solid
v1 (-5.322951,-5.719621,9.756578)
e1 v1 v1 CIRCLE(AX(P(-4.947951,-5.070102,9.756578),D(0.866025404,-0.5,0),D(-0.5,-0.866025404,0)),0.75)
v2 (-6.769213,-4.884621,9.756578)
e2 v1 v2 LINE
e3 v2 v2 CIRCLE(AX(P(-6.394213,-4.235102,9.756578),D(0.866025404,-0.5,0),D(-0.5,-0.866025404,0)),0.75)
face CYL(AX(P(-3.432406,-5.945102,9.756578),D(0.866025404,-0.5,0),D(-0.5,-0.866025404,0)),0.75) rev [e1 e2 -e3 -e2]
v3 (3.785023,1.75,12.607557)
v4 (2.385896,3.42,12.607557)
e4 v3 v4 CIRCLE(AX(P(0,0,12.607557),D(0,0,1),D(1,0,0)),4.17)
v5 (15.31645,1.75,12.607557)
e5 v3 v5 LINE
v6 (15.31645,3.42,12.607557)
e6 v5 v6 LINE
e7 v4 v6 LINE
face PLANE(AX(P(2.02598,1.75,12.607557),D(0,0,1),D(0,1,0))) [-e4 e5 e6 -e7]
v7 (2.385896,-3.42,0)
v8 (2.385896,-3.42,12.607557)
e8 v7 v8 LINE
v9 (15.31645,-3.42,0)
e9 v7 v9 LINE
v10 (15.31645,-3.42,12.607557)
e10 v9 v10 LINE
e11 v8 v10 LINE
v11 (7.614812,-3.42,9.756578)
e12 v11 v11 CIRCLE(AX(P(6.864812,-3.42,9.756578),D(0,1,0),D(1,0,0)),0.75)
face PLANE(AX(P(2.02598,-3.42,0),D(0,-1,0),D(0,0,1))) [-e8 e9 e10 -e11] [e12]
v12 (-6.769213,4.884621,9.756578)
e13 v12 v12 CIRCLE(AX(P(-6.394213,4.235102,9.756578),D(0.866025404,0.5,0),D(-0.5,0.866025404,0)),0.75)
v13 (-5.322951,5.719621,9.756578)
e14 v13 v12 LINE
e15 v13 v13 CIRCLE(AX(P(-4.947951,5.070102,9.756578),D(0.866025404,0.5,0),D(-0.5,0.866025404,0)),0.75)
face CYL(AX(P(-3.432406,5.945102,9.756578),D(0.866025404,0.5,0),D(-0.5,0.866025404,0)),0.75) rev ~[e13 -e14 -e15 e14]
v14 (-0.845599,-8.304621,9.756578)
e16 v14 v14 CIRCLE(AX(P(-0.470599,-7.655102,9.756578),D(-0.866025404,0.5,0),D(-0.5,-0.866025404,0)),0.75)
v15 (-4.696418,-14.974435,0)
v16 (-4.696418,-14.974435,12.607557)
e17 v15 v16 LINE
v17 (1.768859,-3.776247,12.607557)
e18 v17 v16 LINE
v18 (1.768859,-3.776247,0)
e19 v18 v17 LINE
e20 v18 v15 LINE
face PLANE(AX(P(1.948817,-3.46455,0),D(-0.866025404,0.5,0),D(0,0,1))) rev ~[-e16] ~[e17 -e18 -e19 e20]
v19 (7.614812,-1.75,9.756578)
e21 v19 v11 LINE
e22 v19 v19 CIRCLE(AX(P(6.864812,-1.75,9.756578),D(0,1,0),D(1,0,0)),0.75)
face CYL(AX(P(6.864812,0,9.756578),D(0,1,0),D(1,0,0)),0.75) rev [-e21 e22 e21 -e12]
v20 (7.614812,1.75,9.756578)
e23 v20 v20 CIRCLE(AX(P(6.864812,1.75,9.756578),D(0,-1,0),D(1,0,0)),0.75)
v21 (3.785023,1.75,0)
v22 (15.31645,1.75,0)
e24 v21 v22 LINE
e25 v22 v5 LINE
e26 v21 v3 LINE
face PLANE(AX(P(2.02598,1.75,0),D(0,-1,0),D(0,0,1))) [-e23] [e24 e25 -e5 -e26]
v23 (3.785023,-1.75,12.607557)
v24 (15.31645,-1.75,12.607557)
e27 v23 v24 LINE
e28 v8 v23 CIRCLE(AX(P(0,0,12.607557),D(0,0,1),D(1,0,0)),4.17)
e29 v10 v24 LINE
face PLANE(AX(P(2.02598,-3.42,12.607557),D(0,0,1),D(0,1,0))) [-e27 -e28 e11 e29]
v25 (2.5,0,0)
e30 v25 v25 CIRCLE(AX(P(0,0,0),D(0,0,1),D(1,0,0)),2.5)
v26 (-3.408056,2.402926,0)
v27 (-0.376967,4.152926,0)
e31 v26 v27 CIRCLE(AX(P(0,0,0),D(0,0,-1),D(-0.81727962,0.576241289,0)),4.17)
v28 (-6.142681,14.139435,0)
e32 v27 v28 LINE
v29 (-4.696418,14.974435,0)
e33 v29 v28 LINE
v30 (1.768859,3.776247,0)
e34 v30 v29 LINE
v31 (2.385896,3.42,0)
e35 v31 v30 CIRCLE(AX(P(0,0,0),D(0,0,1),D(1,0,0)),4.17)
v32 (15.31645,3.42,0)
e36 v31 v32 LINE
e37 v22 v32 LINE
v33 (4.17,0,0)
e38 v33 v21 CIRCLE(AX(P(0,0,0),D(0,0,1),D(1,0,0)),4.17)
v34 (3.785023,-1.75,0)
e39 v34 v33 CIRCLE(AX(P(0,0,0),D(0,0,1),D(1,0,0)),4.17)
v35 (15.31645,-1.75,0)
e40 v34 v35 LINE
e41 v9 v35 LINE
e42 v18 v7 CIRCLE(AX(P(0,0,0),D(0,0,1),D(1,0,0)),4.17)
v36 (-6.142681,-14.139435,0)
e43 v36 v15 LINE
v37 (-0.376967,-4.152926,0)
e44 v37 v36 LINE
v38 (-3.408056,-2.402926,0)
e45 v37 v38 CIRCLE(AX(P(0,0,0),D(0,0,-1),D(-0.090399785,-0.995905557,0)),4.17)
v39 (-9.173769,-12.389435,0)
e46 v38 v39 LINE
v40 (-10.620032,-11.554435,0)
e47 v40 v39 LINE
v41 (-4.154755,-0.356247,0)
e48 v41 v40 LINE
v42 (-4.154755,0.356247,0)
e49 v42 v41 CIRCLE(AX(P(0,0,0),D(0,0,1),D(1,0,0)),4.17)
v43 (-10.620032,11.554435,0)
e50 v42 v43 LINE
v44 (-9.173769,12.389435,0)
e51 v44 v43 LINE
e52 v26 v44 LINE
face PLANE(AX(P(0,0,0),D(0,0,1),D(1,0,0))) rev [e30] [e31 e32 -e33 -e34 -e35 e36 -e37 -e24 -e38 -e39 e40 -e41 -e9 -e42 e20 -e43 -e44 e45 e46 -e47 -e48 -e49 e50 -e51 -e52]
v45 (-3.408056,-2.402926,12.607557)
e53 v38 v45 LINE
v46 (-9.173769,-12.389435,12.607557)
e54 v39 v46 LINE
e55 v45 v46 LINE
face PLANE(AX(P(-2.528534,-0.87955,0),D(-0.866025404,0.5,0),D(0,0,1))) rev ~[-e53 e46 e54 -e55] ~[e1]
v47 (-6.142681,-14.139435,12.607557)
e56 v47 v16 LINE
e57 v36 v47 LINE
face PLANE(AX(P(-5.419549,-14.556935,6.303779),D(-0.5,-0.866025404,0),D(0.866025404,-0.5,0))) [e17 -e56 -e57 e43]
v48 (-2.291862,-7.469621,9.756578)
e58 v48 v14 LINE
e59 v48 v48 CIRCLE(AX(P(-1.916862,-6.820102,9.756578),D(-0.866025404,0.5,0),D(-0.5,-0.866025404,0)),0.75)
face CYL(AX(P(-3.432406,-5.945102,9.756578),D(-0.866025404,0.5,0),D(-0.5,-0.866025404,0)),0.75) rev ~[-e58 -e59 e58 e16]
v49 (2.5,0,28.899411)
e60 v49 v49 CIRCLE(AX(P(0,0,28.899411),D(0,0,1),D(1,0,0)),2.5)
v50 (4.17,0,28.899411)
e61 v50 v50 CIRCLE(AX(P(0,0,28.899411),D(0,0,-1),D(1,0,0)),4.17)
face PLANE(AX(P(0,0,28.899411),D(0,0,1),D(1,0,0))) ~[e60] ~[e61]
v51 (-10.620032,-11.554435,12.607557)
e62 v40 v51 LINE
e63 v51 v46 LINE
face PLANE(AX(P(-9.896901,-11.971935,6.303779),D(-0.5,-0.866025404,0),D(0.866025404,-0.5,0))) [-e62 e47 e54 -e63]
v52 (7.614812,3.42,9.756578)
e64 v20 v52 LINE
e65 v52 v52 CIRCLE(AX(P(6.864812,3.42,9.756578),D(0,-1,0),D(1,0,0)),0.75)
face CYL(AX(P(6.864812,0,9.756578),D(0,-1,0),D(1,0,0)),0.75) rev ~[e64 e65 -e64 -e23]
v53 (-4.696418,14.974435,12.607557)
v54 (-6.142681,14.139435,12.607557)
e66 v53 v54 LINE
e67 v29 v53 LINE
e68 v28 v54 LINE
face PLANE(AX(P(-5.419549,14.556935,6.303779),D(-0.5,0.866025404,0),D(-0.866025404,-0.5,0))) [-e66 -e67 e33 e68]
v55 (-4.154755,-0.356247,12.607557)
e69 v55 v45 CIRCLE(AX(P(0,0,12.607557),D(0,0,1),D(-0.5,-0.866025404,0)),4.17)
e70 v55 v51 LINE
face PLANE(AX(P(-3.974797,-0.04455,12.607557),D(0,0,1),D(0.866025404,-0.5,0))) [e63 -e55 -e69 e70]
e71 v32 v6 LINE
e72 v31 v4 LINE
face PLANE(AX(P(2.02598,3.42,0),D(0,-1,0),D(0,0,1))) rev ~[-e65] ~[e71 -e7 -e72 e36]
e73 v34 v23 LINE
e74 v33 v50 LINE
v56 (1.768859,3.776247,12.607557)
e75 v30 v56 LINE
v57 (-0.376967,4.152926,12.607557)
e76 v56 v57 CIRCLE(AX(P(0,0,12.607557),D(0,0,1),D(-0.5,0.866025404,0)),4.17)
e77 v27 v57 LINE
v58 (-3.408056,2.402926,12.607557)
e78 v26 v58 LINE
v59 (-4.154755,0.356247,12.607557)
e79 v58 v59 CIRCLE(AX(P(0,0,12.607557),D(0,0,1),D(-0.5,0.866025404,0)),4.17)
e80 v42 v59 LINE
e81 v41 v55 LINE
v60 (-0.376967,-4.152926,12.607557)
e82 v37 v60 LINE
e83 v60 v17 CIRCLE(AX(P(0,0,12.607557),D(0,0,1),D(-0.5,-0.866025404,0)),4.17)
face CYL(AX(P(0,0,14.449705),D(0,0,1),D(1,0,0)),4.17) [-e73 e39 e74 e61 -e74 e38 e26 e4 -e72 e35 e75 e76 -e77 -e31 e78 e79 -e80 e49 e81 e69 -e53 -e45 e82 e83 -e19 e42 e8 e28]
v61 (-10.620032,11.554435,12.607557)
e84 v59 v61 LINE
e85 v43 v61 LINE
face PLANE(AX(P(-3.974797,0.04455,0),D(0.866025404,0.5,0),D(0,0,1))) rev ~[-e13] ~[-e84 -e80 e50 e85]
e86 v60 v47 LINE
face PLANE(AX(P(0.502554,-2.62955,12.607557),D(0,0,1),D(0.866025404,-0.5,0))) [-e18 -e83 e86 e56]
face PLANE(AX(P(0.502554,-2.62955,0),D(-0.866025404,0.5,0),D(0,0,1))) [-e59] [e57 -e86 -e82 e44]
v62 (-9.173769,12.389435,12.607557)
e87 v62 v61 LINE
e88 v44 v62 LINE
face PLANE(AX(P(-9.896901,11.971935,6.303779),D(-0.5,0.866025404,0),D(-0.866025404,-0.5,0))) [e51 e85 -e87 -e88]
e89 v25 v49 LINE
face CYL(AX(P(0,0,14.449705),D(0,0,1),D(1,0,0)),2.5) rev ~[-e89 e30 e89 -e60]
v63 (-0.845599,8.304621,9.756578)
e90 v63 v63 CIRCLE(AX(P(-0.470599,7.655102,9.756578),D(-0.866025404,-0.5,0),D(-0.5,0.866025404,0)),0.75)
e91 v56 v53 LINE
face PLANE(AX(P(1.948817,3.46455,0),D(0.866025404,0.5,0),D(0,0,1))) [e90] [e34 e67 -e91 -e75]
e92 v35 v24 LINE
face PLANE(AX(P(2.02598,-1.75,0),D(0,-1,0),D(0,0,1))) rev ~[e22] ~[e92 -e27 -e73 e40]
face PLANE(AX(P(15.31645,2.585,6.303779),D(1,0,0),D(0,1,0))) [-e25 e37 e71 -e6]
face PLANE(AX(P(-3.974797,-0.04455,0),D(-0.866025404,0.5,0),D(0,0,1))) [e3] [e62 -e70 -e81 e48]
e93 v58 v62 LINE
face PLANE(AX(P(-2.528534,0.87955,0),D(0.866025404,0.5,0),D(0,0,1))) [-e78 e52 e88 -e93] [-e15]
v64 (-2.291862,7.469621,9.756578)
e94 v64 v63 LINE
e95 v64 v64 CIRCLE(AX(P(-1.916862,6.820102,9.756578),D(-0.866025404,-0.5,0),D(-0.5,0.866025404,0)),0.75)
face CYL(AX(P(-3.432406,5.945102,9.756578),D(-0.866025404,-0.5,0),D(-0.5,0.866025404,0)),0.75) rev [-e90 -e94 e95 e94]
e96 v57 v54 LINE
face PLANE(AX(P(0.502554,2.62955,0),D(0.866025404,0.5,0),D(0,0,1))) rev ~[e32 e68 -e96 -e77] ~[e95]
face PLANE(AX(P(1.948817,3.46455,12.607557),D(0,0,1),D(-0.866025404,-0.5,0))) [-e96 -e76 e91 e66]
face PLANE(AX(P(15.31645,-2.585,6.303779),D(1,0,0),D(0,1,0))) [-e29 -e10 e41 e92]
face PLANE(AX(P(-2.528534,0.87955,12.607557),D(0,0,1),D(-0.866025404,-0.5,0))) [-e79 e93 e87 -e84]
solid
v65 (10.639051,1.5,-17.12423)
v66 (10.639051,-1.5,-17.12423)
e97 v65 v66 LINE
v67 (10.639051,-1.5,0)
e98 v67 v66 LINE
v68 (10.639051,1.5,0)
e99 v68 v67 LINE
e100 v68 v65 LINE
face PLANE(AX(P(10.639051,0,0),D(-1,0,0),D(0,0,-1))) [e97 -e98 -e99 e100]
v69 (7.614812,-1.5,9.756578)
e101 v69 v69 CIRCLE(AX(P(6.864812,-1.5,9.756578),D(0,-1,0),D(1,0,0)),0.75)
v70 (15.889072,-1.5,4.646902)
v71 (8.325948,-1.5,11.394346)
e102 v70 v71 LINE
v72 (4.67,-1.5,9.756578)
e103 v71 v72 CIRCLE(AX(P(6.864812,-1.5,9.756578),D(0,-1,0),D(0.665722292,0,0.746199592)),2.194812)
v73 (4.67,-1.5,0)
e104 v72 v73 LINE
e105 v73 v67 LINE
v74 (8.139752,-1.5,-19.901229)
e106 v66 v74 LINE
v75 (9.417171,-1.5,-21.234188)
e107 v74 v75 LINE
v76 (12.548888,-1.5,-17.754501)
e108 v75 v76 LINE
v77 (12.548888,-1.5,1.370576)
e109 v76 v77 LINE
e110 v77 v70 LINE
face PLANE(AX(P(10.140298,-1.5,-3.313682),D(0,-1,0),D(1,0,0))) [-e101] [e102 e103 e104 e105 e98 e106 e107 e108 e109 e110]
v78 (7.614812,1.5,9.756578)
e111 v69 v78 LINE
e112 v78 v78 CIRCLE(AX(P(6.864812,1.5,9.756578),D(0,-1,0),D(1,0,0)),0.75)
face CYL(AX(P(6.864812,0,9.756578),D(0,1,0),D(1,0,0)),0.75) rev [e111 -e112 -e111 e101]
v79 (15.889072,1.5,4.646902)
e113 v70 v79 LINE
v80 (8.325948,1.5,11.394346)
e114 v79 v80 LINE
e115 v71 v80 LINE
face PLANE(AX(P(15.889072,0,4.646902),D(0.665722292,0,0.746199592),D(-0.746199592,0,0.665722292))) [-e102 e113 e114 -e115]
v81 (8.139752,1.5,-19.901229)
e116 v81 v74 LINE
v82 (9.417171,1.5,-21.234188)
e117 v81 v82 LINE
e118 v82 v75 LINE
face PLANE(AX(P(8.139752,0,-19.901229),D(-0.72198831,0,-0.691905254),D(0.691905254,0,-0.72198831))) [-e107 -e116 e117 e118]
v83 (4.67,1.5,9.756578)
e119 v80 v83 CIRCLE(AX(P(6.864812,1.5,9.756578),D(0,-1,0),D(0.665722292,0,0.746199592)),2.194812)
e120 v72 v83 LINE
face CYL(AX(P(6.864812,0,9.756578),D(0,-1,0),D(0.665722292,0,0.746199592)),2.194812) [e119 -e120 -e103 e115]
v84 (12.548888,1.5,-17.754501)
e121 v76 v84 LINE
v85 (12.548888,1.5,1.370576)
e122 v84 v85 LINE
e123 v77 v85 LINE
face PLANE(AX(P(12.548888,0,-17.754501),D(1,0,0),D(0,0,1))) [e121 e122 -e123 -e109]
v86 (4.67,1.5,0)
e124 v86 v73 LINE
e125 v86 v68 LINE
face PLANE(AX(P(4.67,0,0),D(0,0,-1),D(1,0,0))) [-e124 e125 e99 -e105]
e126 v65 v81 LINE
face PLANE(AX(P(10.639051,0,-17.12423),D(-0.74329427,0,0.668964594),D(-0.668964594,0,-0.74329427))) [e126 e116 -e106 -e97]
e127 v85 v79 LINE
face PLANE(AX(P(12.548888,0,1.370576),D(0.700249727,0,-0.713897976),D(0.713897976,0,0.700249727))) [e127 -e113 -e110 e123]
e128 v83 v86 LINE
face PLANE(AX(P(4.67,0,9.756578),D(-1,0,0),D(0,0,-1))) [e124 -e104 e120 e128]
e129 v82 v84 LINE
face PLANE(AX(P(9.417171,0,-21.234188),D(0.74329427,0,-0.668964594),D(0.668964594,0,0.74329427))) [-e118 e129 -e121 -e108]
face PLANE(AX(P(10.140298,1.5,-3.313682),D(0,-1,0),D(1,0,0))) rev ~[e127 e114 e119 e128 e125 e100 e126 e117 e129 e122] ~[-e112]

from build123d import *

# Parameters (mm, degrees)
F0_R          = 0.75
F1_DEPTH      = 1.5
F0_W          = 1.67
F0_H          = 28.8994106865
F4_START      = 2.02598
F3_W          = 1.67
F3_H          = 12.607557092
F4_DEPTH      = 13.29047
F5_DEPTH      = 4.171
F5_DEPTH_BACK = 4.171
F6_COUNT      = 3
F6_ANGLE      = 240


with BuildPart() as f1:
    # F0 (on Front) → F1 (new body, symmetric)
    with BuildSketch(Plane.XZ):
        with BuildLine():
            ThreePointArc((8.3259478516, 11.3943462091), (8.867825013, 10.6538749035), (9.0596246932, 9.7565781325))
            ThreePointArc((9.0596246932, 9.7565781325), (6.8648123466, 7.5617657859), (4.67, 9.7565781325))
            Line((4.67, 9.7565781325), (4.67, 0))
            Line((4.67, 0), (10.6390506752, 0))
            Line((10.6390506752, 0), (10.6390506752, -17.1242297017))
            Line((10.6390506752, -17.1242297017), (8.1397524826, -19.9012287282))
            Line((8.1397524826, -19.9012287282), (9.4171712898, -21.2341878884))
            Line((9.4171712898, -21.2341878884), (12.5488880715, -17.7545012787))
            Line((12.5488880715, -17.7545012787), (12.5488880715, 1.3705757358))
            Line((12.5488880715, 1.3705757358), (15.88907169, 4.6469019726))
            Line((15.88907169, 4.6469019726), (8.3259478516, 11.3943462091))
        make_face()
        with BuildLine():
            ThreePointArc((4.67, 9.7565781325), (6.8648123466, 7.5617657859), (9.0596246932, 9.7565781325))
            ThreePointArc((9.0596246932, 9.7565781325), (8.867825013, 10.6538749035), (8.3259478516, 11.3943462091))
            ThreePointArc((8.3259478516, 11.3943462091), (5.9675155757, 11.7595907989), (4.67, 9.7565781325))
        make_face()
        with Locations((6.8648123466, 9.7565781325)):
            Circle(F0_R, mode=Mode.SUBTRACT)
    extrude(amount=F1_DEPTH, both=True)


with BuildPart() as f2:
    # F0 (on Front) → F2 (revolve)
    with BuildSketch(Plane.XZ):
        with Locations((3.335, 14.4497053433)):
            Rectangle(F0_W, F0_H)
    revolve(axis=Axis((0, 0, 14.4497053433), (0, 0, 1)))

    # F3 (on Right) → F4 (join)
    with BuildSketch(Plane.YZ.offset(F4_START)):
        with Locations((2.585, 6.303778546)):
            Rectangle(F3_W, F3_H)
        with Locations((-2.585, 6.303778546)):
            Rectangle(F3_W, F3_H)
    extrude(amount=F4_DEPTH)

    # F0 (on Front) → F5 (cut, two sides)
    with BuildSketch(Plane.XZ) as f5_sk:
        with Locations((6.8648123466, 9.7565781325)):
            Circle(F0_R)
    extrude(amount=-F5_DEPTH, mode=Mode.SUBTRACT)
    extrude(f5_sk.sketch, amount=F5_DEPTH_BACK, mode=Mode.SUBTRACT)

    # F6: F2 ×3 about axis
    f6_axis = Axis((0, 0, 14.4497053433), (0, 0, 1))


with BuildPart() as f2_1:
    add(f2.part)
    for i in range(1, F6_COUNT):
        add(f2.part.rotate(f6_axis, i * F6_ANGLE / (F6_COUNT - 1)))


solid = Compound([f1.part, f2_1.part])
